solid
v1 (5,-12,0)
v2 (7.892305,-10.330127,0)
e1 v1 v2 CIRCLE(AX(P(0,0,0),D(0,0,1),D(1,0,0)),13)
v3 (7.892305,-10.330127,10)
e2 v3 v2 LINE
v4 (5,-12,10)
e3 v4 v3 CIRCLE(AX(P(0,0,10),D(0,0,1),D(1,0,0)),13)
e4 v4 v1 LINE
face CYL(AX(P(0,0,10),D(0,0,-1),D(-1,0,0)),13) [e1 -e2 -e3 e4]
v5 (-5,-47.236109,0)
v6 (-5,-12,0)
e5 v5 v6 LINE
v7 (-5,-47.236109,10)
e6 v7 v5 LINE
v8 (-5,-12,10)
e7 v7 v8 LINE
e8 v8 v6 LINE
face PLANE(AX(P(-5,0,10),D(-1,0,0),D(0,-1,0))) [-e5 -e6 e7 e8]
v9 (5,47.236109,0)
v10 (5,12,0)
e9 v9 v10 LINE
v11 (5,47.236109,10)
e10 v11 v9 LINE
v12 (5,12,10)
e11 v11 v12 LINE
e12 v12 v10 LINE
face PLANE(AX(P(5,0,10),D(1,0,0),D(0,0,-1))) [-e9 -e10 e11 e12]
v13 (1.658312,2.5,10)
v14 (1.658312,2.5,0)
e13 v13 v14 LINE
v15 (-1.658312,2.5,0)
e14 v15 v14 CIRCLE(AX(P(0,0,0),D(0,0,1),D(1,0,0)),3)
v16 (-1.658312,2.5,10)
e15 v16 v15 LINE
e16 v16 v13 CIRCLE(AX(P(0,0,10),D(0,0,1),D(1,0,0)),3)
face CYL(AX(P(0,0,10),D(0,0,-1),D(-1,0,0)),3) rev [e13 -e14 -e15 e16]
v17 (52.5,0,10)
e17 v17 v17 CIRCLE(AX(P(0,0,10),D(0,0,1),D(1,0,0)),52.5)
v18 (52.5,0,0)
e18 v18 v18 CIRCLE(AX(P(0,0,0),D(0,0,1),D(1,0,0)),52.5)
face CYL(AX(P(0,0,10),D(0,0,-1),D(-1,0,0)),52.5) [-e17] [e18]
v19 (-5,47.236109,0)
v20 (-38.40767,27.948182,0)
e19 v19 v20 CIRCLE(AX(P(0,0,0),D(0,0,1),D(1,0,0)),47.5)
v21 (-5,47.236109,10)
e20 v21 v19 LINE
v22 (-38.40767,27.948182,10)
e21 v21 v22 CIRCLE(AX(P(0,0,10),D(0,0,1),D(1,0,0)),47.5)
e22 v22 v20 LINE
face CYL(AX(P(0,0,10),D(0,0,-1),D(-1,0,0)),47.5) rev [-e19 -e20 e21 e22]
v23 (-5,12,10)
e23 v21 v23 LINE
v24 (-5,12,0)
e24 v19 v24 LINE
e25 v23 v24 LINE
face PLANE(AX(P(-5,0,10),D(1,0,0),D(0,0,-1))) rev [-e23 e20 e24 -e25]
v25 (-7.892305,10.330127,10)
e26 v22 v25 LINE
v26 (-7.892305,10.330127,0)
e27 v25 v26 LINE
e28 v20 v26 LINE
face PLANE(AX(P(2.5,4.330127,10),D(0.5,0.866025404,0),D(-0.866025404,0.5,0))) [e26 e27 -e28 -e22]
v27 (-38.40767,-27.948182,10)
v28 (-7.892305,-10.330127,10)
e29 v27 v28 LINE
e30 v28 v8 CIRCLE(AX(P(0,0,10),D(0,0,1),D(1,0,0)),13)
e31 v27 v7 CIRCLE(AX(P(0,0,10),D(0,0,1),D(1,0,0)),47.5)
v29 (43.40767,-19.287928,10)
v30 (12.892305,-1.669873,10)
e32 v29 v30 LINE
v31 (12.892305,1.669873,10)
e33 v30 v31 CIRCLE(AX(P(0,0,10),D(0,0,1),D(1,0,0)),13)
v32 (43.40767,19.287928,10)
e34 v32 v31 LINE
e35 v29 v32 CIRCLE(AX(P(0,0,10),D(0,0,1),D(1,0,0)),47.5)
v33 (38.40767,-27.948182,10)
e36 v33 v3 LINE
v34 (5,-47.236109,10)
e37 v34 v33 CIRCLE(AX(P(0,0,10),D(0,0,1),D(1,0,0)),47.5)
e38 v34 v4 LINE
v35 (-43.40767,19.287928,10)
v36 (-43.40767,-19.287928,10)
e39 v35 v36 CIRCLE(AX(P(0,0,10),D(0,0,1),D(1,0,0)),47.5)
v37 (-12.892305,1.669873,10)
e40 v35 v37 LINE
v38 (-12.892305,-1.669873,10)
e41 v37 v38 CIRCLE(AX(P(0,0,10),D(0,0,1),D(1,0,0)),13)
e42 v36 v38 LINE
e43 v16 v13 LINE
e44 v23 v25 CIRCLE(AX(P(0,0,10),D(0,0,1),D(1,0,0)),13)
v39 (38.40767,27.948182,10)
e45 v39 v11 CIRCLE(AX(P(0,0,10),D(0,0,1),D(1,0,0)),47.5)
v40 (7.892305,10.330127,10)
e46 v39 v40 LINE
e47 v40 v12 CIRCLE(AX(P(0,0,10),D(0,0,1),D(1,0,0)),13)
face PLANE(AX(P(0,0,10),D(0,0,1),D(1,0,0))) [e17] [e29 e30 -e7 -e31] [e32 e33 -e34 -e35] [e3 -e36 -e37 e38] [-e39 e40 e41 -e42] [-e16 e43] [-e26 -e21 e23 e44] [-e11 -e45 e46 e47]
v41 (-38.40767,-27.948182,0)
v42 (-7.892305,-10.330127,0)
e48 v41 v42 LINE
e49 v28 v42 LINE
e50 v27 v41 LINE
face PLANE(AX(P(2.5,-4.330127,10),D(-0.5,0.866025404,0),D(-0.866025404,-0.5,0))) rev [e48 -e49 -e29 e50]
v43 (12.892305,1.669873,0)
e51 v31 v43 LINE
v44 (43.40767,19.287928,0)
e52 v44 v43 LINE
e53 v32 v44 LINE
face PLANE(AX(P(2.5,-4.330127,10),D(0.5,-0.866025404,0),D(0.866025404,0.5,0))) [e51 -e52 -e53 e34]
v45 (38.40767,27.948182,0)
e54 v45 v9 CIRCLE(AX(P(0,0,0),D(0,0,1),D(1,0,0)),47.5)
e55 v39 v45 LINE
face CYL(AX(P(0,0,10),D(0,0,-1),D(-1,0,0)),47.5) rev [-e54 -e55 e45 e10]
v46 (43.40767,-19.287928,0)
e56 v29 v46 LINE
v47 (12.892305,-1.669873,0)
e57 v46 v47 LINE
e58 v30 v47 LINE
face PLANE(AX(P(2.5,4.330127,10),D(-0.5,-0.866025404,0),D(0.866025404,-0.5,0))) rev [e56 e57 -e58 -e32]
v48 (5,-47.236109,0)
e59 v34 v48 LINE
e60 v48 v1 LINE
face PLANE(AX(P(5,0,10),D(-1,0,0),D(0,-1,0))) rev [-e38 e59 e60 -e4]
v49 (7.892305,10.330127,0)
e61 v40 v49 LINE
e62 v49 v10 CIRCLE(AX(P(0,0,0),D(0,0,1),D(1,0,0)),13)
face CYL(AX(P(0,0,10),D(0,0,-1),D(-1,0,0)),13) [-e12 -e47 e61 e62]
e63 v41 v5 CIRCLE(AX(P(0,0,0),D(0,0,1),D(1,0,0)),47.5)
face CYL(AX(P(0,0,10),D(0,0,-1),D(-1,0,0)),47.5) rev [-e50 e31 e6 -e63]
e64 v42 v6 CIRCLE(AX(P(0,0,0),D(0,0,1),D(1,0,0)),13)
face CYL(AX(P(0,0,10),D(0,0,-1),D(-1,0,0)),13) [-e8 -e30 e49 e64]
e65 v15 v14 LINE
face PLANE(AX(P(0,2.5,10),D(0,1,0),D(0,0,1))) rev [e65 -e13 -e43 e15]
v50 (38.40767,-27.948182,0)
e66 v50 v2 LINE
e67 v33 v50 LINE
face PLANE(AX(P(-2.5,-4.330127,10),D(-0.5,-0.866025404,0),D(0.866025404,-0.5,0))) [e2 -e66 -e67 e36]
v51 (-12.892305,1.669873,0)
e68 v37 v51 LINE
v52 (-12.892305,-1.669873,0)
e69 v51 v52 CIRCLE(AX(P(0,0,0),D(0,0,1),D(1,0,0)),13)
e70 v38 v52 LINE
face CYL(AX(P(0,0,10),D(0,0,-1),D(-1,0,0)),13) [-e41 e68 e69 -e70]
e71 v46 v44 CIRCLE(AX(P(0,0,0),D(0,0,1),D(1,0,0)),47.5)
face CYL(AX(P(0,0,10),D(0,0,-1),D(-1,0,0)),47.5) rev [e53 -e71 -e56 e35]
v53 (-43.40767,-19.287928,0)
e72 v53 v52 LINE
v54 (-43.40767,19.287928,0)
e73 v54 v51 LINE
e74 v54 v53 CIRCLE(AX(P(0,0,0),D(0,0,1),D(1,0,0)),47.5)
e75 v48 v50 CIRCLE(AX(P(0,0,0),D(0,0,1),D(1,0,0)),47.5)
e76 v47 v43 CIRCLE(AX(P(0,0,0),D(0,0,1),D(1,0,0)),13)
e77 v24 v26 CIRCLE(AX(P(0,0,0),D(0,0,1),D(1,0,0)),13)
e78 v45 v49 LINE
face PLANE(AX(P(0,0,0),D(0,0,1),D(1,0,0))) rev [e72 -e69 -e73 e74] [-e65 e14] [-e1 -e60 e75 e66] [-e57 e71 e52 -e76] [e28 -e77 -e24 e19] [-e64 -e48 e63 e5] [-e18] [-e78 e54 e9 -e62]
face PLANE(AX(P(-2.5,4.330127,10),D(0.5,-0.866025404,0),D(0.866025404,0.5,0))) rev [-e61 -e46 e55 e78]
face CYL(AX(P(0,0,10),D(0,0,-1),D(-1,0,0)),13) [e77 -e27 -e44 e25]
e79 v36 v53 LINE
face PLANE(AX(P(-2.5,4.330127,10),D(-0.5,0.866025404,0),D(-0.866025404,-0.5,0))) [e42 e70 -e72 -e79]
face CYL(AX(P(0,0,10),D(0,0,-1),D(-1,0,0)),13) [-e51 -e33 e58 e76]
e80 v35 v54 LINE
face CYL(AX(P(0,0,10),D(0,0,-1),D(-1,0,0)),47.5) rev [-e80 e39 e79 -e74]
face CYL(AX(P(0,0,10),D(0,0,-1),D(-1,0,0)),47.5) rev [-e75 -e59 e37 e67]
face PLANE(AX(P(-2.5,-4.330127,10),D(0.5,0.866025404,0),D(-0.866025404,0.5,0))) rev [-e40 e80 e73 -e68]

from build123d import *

# Parameters (mm, degrees)
SKETCH1_R           = 52.5
BOSS_EXTRUDE1_DEPTH = 10


with BuildPart() as part:
    # Sketch1 → Boss-Extrude1 (new body)
    with BuildSketch(Plane.XY):
        Circle(SKETCH1_R)
        with BuildLine():
            ThreePointArc((38.40767043, -27.948181554), (23.75, -41.13620668), (5, -47.236109069))
            Line((5, -47.236109069), (5, -12))
            ThreePointArc((5, -12), (6.5, -11.258330249), (7.892304845, -10.330127019))
            Line((7.892304845, -10.330127019), (38.40767043, -27.948181554))
        make_face(mode=Mode.SUBTRACT)
        with BuildLine():
            ThreePointArc((-5, -47.236109069), (-23.75, -41.13620668), (-38.40767043, -27.948181554))
            Line((-38.40767043, -27.948181554), (-7.892304845, -10.330127019))
            ThreePointArc((-7.892304845, -10.330127019), (-6.5, -11.258330249), (-5, -12))
            Line((-5, -12), (-5, -47.236109069))
        make_face(mode=Mode.SUBTRACT)
        with BuildLine():
            Line((-1.658312395, 2.5), (1.658312395, 2.5))
            ThreePointArc((1.658312395, 2.5), (0, -3), (-1.658312395, 2.5))
        make_face(mode=Mode.SUBTRACT)
        with BuildLine():
            ThreePointArc((-43.40767043, -19.287927516), (-47.5, 0), (-43.40767043, 19.287927516))
            Line((-43.40767043, 19.287927516), (-12.892304845, 1.669872981))
            ThreePointArc((-12.892304845, 1.669872981), (-13, 0), (-12.892304845, -1.669872981))
            Line((-12.892304845, -1.669872981), (-43.40767043, -19.287927516))
        make_face(mode=Mode.SUBTRACT)
        with BuildLine():
            Line((-5, 47.236109069), (-5, 12))
            ThreePointArc((-5, 12), (-6.5, 11.258330249), (-7.892304845, 10.330127019))
            Line((-7.892304845, 10.330127019), (-38.40767043, 27.948181554))
            ThreePointArc((-38.40767043, 27.948181554), (-23.75, 41.13620668), (-5, 47.236109069))
        make_face(mode=Mode.SUBTRACT)
        with BuildLine():
            ThreePointArc((43.40767043, 19.287927516), (47.5, 0), (43.40767043, -19.287927516))
            Line((43.40767043, -19.287927516), (12.892304845, -1.669872981))
            ThreePointArc((12.892304845, -1.669872981), (13, 0), (12.892304845, 1.669872981))
            Line((12.892304845, 1.669872981), (43.40767043, 19.287927516))
        make_face(mode=Mode.SUBTRACT)
        with BuildLine():
            ThreePointArc((5, 47.236109069), (23.75, 41.13620668), (38.40767043, 27.948181554))
            Line((38.40767043, 27.948181554), (7.892304845, 10.330127019))
            ThreePointArc((7.892304845, 10.330127019), (6.5, 11.258330249), (5, 12))
            Line((5, 12), (5, 47.236109069))
        make_face(mode=Mode.SUBTRACT)
    extrude(amount=BOSS_EXTRUDE1_DEPTH)


solid = part.part
